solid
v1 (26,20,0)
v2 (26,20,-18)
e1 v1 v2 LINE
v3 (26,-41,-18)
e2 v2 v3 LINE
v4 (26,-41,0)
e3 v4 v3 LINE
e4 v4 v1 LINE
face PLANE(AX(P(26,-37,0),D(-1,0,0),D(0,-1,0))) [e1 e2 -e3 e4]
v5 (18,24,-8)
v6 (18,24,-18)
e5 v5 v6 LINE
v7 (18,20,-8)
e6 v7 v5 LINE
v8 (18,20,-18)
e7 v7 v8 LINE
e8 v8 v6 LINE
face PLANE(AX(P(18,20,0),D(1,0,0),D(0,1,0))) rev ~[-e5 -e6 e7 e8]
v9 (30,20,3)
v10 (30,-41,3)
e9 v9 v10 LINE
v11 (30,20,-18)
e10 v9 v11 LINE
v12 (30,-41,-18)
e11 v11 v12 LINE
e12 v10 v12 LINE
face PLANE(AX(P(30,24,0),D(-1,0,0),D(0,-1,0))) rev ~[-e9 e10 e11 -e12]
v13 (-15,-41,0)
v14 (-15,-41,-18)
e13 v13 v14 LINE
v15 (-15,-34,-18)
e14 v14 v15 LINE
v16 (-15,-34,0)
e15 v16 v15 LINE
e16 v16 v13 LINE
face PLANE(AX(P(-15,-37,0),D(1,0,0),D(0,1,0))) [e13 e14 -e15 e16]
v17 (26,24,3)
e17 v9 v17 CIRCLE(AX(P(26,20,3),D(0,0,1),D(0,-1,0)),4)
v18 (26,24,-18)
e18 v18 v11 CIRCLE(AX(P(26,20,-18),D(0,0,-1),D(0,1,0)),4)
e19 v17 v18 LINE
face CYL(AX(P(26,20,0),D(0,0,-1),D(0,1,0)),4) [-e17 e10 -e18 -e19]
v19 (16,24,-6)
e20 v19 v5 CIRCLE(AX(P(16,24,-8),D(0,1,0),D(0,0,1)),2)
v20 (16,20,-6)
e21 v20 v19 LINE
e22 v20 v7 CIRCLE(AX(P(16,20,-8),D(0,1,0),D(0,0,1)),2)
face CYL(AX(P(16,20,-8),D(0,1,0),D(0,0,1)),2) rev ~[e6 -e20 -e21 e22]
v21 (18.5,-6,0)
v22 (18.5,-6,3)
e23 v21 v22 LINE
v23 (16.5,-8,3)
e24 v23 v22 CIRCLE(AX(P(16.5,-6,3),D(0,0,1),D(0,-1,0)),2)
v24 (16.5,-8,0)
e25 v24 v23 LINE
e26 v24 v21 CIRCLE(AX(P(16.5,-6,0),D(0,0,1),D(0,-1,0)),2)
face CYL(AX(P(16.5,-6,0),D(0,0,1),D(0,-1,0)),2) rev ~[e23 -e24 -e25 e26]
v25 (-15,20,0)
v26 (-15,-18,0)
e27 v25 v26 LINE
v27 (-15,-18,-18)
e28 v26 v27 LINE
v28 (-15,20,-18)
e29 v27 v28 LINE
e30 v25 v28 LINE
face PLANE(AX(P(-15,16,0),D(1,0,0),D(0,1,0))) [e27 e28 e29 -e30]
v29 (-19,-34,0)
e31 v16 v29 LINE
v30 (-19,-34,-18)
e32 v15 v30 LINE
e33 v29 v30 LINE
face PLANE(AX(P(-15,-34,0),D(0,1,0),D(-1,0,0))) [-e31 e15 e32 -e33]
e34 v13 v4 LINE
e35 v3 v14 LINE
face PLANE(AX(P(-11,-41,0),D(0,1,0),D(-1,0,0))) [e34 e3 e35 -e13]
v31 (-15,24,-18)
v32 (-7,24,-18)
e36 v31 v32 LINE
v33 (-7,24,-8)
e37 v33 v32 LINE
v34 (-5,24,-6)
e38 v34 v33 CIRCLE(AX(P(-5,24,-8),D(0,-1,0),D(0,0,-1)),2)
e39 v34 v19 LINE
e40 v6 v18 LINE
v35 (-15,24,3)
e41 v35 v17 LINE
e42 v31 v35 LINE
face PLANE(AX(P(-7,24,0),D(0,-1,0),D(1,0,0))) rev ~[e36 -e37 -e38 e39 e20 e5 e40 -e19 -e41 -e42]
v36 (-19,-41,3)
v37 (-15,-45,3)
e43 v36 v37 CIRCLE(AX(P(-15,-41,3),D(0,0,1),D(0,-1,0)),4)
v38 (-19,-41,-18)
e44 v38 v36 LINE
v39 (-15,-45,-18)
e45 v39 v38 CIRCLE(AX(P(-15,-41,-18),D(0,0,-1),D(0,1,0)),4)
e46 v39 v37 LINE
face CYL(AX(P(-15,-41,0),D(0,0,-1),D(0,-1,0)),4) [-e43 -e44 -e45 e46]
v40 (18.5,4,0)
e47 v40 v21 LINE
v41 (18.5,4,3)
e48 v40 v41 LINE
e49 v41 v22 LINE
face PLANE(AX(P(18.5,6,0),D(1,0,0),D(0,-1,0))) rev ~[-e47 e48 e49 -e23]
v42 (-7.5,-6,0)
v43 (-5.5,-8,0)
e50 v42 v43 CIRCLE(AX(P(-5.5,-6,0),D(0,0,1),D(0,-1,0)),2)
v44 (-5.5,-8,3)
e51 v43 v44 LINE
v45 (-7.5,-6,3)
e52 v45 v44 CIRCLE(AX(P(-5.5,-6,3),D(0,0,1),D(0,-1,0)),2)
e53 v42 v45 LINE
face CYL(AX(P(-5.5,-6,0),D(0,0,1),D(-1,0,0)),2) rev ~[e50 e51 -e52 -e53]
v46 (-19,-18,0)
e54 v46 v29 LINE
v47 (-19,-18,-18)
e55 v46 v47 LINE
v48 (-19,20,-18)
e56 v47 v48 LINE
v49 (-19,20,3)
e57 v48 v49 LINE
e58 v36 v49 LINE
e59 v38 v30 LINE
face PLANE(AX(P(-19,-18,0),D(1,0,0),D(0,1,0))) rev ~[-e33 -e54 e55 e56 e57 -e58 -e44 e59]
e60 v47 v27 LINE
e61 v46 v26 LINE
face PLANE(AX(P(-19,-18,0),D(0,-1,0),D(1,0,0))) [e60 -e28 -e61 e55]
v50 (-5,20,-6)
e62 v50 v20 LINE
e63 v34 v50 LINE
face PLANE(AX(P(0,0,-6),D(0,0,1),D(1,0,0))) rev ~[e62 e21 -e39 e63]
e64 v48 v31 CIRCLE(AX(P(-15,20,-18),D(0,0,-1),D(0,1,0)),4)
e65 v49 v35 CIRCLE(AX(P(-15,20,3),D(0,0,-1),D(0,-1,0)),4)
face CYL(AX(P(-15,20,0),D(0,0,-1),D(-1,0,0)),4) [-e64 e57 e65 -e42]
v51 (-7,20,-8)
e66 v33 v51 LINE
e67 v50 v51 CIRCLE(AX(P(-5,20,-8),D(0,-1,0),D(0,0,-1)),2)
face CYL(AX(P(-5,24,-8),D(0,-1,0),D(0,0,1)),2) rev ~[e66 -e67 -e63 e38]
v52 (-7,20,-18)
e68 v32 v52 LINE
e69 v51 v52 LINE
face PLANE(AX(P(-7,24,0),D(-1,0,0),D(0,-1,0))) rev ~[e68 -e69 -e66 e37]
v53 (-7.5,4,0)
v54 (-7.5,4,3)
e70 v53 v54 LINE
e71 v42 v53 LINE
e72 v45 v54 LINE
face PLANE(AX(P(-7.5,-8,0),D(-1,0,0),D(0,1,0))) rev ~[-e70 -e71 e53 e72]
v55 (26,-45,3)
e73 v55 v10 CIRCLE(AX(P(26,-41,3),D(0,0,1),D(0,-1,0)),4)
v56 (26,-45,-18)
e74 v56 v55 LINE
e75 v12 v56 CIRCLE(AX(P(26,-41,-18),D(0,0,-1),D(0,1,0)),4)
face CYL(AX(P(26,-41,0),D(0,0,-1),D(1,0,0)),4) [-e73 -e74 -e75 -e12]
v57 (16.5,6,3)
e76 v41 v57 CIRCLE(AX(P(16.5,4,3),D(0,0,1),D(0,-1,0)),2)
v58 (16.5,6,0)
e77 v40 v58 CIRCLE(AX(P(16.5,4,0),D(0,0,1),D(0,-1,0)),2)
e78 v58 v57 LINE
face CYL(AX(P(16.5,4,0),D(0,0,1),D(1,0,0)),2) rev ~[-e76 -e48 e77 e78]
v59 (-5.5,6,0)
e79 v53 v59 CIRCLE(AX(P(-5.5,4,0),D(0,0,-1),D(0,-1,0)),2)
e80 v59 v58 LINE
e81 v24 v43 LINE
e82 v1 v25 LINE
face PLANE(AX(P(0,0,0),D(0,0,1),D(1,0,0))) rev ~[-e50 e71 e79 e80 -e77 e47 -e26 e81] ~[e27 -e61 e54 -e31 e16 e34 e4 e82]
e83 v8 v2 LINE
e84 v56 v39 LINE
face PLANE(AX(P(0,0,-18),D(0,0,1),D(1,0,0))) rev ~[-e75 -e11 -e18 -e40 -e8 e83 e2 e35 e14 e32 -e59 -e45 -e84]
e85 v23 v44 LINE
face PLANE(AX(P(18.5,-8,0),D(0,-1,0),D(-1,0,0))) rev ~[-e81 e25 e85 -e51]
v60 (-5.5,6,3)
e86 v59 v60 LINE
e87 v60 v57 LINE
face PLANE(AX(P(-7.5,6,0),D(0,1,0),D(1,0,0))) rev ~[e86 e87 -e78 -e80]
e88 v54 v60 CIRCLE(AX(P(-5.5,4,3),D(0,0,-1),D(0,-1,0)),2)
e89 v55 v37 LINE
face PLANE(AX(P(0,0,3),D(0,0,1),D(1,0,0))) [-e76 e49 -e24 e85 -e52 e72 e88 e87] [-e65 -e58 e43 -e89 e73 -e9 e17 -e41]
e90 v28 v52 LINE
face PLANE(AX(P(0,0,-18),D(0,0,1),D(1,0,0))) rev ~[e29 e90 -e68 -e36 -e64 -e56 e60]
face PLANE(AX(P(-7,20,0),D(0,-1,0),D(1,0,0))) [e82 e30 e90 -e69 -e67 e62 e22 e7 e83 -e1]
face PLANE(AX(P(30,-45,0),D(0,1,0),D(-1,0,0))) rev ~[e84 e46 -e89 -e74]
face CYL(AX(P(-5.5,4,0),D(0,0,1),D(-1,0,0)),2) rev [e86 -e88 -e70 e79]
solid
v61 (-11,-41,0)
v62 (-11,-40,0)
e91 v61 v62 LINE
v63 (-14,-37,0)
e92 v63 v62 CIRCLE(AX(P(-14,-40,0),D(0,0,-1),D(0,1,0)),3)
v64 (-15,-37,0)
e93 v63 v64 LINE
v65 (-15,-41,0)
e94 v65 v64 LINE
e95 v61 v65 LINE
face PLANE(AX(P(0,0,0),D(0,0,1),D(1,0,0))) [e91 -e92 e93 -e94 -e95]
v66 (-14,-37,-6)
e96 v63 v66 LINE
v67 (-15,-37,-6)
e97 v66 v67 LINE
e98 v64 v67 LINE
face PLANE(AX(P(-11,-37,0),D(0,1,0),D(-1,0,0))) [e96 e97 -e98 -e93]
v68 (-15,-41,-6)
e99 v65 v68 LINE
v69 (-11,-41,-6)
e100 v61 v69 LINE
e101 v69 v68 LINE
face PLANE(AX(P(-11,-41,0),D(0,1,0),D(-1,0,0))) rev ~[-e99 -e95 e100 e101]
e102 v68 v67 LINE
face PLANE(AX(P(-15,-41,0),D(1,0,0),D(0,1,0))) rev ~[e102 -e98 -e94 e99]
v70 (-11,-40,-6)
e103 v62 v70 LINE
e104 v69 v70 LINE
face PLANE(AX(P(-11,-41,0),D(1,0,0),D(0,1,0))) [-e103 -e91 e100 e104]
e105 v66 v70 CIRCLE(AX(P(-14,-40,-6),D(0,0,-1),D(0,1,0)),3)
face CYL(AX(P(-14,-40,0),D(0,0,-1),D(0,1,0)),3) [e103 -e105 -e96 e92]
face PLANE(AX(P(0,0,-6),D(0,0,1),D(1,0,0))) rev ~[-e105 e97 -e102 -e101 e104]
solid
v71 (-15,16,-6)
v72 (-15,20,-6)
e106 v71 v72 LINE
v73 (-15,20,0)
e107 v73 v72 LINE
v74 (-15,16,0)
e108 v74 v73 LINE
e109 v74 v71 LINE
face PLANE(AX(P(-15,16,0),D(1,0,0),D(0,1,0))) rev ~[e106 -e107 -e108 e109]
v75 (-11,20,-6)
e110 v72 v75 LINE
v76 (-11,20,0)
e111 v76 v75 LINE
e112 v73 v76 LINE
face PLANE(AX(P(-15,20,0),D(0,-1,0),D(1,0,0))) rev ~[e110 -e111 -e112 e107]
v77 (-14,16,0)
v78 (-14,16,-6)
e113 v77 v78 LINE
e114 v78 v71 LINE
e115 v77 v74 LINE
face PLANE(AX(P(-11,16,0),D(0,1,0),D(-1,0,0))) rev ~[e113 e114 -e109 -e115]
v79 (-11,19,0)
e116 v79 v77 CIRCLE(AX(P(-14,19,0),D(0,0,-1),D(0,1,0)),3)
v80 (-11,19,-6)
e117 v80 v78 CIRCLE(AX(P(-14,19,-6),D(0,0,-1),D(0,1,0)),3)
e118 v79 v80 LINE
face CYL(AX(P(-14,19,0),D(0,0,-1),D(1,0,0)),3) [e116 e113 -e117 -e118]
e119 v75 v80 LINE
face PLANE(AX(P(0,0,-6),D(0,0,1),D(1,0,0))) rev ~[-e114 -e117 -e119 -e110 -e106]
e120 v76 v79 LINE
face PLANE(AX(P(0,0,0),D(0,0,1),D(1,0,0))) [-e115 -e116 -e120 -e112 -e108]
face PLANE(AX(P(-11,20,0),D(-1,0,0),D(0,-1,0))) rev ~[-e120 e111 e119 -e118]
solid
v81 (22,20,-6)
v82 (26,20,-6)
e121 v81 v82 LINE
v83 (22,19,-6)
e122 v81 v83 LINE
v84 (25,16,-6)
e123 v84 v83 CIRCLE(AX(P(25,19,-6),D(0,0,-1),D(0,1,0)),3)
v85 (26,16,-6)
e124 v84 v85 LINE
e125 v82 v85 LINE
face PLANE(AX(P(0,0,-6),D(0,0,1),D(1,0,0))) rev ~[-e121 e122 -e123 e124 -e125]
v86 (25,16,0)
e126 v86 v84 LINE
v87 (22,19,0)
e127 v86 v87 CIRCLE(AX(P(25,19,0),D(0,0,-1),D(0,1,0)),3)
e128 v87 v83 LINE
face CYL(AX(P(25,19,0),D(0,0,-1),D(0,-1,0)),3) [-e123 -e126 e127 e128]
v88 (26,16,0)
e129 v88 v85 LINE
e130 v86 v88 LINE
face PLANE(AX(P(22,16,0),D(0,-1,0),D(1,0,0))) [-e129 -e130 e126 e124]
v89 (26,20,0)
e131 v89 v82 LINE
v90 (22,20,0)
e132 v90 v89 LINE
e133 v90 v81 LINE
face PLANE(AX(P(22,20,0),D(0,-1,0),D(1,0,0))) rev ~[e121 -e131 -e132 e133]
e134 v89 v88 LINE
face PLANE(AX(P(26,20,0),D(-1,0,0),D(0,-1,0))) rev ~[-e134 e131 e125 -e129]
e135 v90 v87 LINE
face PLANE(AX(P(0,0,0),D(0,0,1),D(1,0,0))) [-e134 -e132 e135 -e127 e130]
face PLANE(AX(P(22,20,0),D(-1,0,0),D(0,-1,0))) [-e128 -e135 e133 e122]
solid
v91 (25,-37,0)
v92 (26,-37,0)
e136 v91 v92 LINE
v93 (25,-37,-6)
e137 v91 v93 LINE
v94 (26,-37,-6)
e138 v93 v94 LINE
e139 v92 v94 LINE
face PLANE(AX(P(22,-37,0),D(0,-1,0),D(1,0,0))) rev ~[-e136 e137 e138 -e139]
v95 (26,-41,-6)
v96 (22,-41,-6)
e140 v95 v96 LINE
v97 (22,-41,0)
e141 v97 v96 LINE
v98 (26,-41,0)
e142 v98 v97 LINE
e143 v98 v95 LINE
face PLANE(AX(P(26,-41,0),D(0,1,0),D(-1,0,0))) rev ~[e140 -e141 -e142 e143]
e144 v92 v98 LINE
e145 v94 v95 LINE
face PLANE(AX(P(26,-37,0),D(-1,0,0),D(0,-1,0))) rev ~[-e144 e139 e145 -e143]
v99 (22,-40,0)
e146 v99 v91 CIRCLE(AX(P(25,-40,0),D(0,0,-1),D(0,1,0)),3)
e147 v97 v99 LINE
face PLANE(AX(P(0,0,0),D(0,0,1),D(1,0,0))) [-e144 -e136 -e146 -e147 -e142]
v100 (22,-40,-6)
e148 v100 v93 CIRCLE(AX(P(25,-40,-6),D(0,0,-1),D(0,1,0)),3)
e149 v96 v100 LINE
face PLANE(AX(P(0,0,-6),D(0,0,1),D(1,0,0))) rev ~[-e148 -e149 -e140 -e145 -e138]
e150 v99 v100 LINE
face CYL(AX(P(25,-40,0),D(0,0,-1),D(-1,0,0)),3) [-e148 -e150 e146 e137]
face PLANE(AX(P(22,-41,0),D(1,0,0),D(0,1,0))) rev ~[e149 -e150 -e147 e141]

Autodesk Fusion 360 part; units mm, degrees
sketch "Sketch1" plane through (0, 0, 0) normal (0, 0, 1) x (1, 0, 0)
  line L0 (-15, 20) -> (26, 20)
  line L1 (26, 20) -> (26, -41)
  line L2 (26, -41) -> (-15, -41)
  line L3 (-15, -41) -> (-15, 20)
  line L4 (-7.5, 6) -> (18.5, 6)
  line L5 (18.5, 6) -> (18.5, -8)
  line L6 (18.5, -8) -> (-7.5, -8)
  line L7 (-7.5, -8) -> (-7.5, 6)
  line L8 (-19, 24) -> (30, 24)
  line L9 (30, 24) -> (30, -45)
  line L10 (30, -45) -> (-19, -45)
  line L11 (-19, -45) -> (-19, 24)
  line L12 (-15, -34) -> (-19, -34)
  line L13 (-19, -34) -> (-19, -18)
  line L14 (-19, -18) -> (-15, -18)
  line L15 (-15, -18) -> (-15, -34)
  line L16 (-15, 20) -> (-11, 20)
  line L17 (-11, 20) -> (-11, 16)
  line L18 (-11, 16) -> (-15, 16)
  line L19 (-15, 16) -> (-15, 20)
  line L20 (26, 20) -> (22, 20)
  line L21 (22, 20) -> (22, 16)
  line L22 (22, 16) -> (26, 16)
  line L23 (26, 16) -> (26, 20)
  line L24 (-15, -41) -> (-11, -41)
  line L25 (-11, -41) -> (-11, -37)
  line L26 (-11, -37) -> (-15, -37)
  line L27 (-15, -37) -> (-15, -41)
  line L28 (26, -41) -> (22, -41)
  line L29 (22, -41) -> (22, -37)
  line L30 (22, -37) -> (26, -37)
  line L31 (26, -37) -> (26, -41)
  line L32 (18, 24) -> (-7, 24)
  line L33 (-7, 24) -> (-7, 20)
  line L34 (-7, 20) -> (18, 20)
  line L35 (18, 20) -> (18, 24)
  dimension "d1" = 41
  dimension "d2" = 61
  dimension "d3" = 7.5
  dimension "d4" = 7.5
  dimension "d5" = 33
  dimension "d6" = 14
  dimension "d7" = 4
  dimension "d8" = 4
  dimension "d9" = 4
  dimension "d10" = 4
  dimension "d11" = 7
  dimension "d12" = 16
  dimension "d13" = 4
  dimension "d14" = 4
  dimension "d15" = 4
  dimension "d16" = 4
  dimension "d17" = 4
  dimension "d18" = 4
  dimension "d19" = 4
  dimension "d20" = 4
  dimension "d23" = 12
  dimension "d24" = 12
extrude "Extrude1" add sketch "Sketch1" along normal blind 3 makes body 1
extrude "Extrude2" add sketch "Sketch1" against normal blind 6 separate body contours L0 L3 L16 L17 L18 L19 | L0 L1 L20 L21 L22 L23 | L2 L3 L24 L25 L26 L27 | L1 L2 L28 L29 L30 L31 makes body 2 at (-13.6667, 20, -2) makes body 3 at (-12.3333, -37, -2) makes body 4 at (23.3333, 20, -2) makes body 5 at (26, -38.3333, -2)
extrude "Extrude3" add sketch "Sketch1" against normal blind 18 separate body contours L0 L3 L8 L11 L14 L16 L19 L33 | L0 L1 L2 L3 L8 L9 L10 L11 L12 L20 L23 L24 L27 L28 L31 L35 makes body 6 at (30, 1, -12) makes body 7 at (-19, -4, -6)
fillet "Fillet1" radius 2 4 edges at (-7.5, 6, 1.5) (18.5, 6, 1.5) (18.5, -8, 1.5) (-7.5, -8, 1.5) on bodies 1
fillet "Fillet2" radius 4 8 edges at (-19, -45, 1.5) (30, -45, 1.5) (30, 24, 1.5) (-19, 24, 1.5) (-19, -45, -9) (30, -45, -9) (30, 24, -9) (-19, 24, -9) on bodies 1 6 7
extrude "Extrude4" add sketch "Sketch1" against normal blind 6 contours L0 L8 L32 L33 L34 L35 bodies 1 6 7
fillet "Fillet3" radius 2 2 edges at (18, 22, -6) (-7, 22, -6) on bodies 1
fillet "Fillet4" radius 3 4 edges at (-11, 16, -3) (-11, -37, -3) (22, 16, -3) (22, -37, -3) on bodies 2 3 4 5
